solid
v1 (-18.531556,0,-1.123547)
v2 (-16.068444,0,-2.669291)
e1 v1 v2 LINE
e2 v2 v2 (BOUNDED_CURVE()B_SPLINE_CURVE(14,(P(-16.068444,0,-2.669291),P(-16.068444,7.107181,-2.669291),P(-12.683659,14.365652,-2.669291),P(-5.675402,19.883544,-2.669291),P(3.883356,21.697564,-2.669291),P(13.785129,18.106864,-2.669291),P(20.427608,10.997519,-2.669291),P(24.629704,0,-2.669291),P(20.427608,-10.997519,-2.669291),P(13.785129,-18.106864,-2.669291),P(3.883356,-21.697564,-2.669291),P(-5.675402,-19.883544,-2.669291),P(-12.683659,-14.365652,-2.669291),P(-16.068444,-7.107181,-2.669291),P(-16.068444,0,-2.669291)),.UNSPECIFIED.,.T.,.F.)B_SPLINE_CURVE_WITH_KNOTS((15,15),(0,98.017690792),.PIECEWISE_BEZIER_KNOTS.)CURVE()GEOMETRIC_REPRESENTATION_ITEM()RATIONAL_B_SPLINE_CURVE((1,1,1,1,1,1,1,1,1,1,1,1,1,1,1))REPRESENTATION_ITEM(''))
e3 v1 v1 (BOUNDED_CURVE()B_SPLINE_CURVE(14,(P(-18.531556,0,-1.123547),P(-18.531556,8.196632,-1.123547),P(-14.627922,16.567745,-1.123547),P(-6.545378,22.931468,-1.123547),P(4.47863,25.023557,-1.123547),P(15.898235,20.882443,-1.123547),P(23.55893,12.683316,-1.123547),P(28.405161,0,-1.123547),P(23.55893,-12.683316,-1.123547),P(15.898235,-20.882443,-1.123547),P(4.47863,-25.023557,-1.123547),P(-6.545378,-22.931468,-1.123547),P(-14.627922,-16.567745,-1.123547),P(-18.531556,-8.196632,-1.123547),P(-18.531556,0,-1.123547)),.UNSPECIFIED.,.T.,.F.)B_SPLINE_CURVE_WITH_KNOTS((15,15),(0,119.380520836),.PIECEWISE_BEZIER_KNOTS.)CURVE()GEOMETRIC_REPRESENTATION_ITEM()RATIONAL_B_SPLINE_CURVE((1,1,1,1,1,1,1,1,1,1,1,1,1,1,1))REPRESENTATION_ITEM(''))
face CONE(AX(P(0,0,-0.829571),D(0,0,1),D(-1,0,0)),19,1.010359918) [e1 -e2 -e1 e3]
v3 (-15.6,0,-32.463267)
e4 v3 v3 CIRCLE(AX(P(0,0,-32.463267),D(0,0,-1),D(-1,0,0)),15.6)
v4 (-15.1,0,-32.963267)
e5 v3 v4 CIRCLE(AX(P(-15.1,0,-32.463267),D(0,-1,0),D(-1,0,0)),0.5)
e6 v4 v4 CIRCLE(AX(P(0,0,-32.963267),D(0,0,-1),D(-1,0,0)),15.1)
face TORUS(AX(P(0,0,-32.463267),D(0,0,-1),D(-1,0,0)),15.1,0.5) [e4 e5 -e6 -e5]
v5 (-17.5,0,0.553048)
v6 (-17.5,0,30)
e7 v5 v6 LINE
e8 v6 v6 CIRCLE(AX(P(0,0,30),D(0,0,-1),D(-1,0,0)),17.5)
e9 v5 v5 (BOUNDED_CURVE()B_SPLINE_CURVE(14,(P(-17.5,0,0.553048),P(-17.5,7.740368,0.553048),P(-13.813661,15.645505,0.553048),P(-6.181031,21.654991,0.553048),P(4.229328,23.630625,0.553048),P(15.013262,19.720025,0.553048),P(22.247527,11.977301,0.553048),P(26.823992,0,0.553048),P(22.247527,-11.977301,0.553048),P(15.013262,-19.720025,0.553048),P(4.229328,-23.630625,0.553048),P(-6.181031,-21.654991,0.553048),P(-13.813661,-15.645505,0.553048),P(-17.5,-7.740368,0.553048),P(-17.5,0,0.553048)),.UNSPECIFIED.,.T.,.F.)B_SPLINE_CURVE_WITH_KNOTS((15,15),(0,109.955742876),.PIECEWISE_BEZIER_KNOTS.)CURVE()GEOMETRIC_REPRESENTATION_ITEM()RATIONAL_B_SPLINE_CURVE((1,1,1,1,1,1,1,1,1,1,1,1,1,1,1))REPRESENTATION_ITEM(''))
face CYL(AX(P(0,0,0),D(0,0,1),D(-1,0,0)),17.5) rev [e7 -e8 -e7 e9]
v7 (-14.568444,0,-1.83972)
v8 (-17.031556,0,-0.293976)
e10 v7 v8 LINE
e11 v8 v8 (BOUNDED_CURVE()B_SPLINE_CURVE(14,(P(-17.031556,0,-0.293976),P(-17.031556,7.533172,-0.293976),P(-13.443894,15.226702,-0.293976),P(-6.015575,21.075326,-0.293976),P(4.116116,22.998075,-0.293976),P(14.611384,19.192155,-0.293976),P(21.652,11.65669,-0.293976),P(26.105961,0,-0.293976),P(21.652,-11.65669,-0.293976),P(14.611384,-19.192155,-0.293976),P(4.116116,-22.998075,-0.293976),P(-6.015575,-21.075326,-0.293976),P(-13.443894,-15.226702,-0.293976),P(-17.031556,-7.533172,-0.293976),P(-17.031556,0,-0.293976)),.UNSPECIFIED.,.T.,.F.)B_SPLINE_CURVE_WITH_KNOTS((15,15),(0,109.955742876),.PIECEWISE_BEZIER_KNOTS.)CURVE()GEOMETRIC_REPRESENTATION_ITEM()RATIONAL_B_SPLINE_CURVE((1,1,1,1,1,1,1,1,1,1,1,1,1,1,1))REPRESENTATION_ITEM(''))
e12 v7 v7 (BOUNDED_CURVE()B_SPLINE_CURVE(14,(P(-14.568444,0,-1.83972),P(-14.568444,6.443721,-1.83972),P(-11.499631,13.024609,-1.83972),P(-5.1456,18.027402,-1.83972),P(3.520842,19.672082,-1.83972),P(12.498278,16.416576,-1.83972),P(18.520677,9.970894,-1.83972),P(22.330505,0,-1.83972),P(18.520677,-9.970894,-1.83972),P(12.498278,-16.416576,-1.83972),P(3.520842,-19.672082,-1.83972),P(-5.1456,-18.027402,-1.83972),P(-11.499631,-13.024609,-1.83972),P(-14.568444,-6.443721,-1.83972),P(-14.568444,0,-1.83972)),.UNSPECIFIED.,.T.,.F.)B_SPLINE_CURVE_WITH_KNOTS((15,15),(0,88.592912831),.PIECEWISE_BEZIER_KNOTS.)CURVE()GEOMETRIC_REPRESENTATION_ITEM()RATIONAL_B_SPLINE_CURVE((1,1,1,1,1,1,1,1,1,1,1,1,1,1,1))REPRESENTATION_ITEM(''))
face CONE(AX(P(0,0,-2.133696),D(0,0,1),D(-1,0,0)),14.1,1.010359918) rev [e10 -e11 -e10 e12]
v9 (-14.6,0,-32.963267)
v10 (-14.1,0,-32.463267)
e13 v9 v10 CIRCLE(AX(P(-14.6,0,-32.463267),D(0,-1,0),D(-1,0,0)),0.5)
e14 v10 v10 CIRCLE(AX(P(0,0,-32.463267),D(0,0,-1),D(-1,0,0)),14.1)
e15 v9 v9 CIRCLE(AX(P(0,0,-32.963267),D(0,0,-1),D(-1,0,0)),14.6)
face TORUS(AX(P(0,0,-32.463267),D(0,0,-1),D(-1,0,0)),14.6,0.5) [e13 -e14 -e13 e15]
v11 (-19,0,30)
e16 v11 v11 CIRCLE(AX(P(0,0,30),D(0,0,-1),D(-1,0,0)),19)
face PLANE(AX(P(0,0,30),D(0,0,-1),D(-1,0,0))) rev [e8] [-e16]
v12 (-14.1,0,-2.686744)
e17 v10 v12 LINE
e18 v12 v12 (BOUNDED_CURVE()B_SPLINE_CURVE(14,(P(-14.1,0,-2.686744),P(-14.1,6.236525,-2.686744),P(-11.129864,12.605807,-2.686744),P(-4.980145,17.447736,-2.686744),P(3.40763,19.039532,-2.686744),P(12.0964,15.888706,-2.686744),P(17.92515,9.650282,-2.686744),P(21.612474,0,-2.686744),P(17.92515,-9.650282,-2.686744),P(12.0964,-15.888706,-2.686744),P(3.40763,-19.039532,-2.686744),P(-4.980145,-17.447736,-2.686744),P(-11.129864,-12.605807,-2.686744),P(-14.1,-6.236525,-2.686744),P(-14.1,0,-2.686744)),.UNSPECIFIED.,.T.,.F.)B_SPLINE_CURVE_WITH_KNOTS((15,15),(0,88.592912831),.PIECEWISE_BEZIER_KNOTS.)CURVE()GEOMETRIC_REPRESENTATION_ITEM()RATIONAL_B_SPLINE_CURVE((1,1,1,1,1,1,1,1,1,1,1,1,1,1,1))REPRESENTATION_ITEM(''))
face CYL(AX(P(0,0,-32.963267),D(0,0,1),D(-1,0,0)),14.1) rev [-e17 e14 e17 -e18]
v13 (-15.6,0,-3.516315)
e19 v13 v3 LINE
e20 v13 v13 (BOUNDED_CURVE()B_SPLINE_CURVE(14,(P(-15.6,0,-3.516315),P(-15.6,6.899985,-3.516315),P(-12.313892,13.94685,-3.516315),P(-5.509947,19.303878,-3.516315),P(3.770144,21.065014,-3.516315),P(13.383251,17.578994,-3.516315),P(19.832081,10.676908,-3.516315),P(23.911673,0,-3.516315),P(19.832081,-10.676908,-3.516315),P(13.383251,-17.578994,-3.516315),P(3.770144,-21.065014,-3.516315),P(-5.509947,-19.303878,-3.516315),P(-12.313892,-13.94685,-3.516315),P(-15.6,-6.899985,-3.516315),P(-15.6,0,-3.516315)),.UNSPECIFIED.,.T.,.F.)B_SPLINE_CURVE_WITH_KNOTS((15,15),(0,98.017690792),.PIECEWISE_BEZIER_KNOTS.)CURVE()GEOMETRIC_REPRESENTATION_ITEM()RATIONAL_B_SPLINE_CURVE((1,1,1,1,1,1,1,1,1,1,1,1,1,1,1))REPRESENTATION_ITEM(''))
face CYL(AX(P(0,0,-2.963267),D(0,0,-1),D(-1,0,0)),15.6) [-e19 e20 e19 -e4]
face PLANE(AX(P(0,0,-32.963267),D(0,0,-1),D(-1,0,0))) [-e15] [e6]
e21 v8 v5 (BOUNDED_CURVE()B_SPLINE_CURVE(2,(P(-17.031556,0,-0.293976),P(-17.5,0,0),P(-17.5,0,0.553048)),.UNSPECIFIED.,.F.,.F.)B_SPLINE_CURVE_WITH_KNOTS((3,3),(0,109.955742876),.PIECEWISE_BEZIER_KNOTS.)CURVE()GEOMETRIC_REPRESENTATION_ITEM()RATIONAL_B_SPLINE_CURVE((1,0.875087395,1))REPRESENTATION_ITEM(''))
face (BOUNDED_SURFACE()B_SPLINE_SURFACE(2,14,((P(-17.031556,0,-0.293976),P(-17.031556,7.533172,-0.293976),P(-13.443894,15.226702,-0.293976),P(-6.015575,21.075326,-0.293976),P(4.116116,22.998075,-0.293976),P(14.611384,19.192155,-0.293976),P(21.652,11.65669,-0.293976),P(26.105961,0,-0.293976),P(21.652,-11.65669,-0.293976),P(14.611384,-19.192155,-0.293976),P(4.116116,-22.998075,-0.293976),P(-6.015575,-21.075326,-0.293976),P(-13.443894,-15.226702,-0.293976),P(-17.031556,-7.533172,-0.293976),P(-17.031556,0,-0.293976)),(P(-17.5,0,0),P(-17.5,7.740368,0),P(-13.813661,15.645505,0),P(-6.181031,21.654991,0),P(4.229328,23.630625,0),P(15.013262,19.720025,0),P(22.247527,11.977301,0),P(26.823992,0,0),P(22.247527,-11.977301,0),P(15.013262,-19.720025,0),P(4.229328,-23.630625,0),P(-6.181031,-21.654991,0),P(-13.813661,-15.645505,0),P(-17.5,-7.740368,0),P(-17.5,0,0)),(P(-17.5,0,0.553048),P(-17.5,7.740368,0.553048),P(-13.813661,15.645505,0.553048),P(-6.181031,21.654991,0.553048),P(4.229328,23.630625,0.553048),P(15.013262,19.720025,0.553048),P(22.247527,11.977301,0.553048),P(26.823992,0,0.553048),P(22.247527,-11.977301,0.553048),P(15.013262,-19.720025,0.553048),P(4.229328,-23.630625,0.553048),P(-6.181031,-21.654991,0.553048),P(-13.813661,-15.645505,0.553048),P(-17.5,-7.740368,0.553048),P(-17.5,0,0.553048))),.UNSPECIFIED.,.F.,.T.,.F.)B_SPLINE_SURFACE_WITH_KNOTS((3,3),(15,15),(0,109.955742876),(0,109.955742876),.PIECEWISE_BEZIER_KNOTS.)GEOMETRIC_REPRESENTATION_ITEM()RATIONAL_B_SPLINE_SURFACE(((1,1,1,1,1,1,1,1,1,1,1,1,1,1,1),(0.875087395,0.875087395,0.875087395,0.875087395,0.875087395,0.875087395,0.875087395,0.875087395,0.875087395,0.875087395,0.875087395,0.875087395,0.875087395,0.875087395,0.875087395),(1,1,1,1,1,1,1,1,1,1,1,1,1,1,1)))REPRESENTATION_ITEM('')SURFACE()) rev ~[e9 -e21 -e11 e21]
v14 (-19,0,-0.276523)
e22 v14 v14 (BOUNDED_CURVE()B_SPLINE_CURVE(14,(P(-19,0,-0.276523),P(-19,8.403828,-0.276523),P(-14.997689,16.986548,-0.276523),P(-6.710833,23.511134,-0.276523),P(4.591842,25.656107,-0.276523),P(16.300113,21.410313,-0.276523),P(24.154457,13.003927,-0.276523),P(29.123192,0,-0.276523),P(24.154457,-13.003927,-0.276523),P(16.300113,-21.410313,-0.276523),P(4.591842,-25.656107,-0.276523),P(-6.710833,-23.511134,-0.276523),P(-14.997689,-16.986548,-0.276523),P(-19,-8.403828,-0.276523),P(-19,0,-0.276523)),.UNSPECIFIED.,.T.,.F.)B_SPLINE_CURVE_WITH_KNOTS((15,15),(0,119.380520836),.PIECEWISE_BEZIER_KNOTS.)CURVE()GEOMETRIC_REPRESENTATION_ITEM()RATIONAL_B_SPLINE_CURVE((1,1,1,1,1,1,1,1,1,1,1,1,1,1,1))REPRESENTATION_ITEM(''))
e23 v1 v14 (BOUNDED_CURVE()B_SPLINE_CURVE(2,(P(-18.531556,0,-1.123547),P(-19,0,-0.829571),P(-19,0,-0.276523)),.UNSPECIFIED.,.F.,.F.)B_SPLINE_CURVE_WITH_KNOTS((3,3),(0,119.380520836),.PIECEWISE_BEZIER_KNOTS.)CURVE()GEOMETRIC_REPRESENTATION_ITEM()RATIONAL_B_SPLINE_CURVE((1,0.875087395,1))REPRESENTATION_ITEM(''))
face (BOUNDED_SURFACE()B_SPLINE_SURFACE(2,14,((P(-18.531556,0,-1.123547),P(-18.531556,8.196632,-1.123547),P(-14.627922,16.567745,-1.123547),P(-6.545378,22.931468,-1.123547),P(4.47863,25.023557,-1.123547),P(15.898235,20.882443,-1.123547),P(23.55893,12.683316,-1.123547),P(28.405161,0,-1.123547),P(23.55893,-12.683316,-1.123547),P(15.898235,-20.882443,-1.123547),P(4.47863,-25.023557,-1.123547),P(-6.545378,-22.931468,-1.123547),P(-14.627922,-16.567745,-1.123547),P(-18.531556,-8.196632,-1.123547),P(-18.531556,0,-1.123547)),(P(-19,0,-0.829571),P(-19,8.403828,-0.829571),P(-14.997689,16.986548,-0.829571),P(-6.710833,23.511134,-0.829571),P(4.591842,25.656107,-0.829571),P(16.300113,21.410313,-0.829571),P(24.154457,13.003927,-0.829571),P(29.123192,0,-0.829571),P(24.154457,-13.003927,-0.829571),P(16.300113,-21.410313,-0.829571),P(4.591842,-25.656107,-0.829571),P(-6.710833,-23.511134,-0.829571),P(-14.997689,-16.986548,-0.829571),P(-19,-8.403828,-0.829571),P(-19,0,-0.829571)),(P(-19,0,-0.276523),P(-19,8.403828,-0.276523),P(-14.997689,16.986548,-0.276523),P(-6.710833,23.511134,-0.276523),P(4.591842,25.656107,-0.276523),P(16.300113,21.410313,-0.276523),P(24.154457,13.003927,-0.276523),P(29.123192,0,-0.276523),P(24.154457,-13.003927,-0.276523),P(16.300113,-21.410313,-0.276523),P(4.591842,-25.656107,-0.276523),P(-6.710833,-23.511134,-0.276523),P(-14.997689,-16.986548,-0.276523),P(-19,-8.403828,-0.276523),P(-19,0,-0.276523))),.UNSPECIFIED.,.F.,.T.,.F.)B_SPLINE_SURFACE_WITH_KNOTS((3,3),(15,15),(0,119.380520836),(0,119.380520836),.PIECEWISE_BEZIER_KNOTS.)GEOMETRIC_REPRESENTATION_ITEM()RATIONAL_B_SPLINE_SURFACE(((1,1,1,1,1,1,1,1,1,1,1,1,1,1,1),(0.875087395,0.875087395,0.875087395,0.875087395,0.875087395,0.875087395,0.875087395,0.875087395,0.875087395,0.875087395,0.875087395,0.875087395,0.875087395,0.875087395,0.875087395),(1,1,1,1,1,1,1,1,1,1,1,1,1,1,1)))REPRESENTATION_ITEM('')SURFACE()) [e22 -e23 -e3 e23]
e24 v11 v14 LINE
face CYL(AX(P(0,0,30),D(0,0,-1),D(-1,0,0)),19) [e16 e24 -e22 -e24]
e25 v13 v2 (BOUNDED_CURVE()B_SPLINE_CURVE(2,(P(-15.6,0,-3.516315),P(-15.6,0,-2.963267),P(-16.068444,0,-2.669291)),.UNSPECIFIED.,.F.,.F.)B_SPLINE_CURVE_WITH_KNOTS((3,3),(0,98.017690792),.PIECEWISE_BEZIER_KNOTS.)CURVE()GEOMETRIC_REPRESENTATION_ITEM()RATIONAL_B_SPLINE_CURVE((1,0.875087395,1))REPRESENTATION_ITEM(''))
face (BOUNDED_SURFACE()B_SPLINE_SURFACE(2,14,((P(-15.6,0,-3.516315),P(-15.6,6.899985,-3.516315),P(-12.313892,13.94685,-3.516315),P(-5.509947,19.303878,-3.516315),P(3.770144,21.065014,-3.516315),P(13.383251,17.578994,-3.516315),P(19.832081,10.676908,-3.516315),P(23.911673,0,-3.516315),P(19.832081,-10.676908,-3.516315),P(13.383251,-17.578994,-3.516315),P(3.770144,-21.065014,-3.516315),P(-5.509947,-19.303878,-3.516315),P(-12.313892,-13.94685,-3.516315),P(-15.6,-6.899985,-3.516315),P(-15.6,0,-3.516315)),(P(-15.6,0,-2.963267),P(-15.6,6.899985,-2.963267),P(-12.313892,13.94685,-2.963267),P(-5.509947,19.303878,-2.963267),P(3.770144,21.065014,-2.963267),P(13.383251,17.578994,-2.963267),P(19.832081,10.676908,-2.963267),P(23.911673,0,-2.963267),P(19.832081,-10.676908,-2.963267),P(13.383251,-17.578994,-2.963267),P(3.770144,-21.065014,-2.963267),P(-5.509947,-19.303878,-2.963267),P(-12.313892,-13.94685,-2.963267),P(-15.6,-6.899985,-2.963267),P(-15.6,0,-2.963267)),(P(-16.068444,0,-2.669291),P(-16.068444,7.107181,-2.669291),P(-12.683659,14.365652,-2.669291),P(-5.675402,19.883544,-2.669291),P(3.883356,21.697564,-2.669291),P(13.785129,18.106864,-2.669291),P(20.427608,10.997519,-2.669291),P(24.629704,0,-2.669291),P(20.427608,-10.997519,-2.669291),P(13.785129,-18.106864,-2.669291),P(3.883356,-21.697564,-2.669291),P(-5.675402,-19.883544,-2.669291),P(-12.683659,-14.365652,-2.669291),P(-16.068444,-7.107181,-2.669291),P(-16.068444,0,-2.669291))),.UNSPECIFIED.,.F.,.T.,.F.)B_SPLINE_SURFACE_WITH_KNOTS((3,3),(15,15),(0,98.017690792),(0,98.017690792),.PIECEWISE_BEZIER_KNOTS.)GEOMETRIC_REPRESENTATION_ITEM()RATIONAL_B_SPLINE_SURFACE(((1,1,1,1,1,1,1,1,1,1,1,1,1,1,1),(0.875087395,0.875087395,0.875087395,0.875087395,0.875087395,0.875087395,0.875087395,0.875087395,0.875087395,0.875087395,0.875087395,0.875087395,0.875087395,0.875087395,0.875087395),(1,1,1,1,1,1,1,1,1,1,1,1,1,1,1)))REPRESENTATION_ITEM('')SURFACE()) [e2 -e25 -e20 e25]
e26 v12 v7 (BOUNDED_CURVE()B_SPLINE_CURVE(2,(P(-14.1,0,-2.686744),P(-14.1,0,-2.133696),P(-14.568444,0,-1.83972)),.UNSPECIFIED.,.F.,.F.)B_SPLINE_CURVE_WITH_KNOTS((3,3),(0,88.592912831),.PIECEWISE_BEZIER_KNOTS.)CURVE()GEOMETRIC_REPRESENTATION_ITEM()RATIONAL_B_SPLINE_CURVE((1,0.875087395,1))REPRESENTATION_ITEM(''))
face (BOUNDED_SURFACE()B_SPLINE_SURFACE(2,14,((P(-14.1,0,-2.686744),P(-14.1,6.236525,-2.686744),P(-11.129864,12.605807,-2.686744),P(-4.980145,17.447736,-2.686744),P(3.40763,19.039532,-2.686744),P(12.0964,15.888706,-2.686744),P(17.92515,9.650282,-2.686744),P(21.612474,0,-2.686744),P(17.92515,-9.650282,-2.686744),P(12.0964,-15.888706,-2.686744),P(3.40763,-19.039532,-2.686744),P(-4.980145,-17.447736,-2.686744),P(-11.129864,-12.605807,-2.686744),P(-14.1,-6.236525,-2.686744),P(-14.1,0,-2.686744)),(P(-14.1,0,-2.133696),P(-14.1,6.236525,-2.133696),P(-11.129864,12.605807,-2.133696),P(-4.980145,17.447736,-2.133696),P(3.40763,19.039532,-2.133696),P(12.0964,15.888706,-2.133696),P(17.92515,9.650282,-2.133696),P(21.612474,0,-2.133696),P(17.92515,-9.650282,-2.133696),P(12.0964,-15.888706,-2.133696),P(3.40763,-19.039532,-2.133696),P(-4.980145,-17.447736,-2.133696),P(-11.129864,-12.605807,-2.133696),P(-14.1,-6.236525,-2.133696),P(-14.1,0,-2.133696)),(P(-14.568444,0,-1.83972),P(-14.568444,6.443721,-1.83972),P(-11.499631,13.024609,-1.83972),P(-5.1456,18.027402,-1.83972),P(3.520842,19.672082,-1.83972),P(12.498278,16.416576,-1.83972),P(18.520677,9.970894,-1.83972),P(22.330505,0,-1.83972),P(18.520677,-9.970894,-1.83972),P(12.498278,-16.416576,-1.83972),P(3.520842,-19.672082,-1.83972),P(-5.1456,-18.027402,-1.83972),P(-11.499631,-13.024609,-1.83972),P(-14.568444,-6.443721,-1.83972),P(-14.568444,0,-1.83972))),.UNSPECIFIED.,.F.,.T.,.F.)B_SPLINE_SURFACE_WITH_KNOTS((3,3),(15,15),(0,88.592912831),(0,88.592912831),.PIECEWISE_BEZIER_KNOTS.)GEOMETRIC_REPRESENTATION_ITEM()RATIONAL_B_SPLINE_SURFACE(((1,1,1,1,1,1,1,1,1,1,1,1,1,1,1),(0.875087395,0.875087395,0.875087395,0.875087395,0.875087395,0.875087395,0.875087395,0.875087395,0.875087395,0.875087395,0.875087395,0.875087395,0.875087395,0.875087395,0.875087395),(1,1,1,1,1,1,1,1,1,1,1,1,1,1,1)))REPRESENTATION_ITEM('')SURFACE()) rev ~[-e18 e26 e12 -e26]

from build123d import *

# Parameters (mm, degrees)
F2_R = 0.5
F3_R = 1
F4_R = 1


with BuildPart() as f1:
    # F0 (on Front) → F1 (revolve)
    with BuildSketch(Plane.XZ):
        Polygon((-17.5, 0), (-17.5, 30), (-19, 30), (-19, -0.829571), (-15.6, -2.963267), (-15.6, -32.963267), (-14.1, -32.963267), (-14.1, -2.133696), align=None)
    revolve(axis=Axis((0, 0, 4.728004), (0, 0, -1)))

    # F2
    f2_edges = [f1.edges().sort_by_distance(p)[0] for p in [
        (15.6, 0, -32.963267),
        (14.1, 0, -32.963267),
    ]]
    fillet(f2_edges, radius=F2_R)

    # F3
    f3_edges = [f1.edges().sort_by_distance(p)[0] for p in [
        (19, 0, -0.829571),
        (15.6, 0, -2.963267),
    ]]
    fillet(f3_edges, radius=F3_R)

    # F4
    f4_edges = [f1.edges().sort_by_distance(p)[0] for p in [
        (14.1, 0, -2.133696),
        (17.5, 0, 0),
    ]]
    fillet(f4_edges, radius=F4_R)


solid = f1.part
